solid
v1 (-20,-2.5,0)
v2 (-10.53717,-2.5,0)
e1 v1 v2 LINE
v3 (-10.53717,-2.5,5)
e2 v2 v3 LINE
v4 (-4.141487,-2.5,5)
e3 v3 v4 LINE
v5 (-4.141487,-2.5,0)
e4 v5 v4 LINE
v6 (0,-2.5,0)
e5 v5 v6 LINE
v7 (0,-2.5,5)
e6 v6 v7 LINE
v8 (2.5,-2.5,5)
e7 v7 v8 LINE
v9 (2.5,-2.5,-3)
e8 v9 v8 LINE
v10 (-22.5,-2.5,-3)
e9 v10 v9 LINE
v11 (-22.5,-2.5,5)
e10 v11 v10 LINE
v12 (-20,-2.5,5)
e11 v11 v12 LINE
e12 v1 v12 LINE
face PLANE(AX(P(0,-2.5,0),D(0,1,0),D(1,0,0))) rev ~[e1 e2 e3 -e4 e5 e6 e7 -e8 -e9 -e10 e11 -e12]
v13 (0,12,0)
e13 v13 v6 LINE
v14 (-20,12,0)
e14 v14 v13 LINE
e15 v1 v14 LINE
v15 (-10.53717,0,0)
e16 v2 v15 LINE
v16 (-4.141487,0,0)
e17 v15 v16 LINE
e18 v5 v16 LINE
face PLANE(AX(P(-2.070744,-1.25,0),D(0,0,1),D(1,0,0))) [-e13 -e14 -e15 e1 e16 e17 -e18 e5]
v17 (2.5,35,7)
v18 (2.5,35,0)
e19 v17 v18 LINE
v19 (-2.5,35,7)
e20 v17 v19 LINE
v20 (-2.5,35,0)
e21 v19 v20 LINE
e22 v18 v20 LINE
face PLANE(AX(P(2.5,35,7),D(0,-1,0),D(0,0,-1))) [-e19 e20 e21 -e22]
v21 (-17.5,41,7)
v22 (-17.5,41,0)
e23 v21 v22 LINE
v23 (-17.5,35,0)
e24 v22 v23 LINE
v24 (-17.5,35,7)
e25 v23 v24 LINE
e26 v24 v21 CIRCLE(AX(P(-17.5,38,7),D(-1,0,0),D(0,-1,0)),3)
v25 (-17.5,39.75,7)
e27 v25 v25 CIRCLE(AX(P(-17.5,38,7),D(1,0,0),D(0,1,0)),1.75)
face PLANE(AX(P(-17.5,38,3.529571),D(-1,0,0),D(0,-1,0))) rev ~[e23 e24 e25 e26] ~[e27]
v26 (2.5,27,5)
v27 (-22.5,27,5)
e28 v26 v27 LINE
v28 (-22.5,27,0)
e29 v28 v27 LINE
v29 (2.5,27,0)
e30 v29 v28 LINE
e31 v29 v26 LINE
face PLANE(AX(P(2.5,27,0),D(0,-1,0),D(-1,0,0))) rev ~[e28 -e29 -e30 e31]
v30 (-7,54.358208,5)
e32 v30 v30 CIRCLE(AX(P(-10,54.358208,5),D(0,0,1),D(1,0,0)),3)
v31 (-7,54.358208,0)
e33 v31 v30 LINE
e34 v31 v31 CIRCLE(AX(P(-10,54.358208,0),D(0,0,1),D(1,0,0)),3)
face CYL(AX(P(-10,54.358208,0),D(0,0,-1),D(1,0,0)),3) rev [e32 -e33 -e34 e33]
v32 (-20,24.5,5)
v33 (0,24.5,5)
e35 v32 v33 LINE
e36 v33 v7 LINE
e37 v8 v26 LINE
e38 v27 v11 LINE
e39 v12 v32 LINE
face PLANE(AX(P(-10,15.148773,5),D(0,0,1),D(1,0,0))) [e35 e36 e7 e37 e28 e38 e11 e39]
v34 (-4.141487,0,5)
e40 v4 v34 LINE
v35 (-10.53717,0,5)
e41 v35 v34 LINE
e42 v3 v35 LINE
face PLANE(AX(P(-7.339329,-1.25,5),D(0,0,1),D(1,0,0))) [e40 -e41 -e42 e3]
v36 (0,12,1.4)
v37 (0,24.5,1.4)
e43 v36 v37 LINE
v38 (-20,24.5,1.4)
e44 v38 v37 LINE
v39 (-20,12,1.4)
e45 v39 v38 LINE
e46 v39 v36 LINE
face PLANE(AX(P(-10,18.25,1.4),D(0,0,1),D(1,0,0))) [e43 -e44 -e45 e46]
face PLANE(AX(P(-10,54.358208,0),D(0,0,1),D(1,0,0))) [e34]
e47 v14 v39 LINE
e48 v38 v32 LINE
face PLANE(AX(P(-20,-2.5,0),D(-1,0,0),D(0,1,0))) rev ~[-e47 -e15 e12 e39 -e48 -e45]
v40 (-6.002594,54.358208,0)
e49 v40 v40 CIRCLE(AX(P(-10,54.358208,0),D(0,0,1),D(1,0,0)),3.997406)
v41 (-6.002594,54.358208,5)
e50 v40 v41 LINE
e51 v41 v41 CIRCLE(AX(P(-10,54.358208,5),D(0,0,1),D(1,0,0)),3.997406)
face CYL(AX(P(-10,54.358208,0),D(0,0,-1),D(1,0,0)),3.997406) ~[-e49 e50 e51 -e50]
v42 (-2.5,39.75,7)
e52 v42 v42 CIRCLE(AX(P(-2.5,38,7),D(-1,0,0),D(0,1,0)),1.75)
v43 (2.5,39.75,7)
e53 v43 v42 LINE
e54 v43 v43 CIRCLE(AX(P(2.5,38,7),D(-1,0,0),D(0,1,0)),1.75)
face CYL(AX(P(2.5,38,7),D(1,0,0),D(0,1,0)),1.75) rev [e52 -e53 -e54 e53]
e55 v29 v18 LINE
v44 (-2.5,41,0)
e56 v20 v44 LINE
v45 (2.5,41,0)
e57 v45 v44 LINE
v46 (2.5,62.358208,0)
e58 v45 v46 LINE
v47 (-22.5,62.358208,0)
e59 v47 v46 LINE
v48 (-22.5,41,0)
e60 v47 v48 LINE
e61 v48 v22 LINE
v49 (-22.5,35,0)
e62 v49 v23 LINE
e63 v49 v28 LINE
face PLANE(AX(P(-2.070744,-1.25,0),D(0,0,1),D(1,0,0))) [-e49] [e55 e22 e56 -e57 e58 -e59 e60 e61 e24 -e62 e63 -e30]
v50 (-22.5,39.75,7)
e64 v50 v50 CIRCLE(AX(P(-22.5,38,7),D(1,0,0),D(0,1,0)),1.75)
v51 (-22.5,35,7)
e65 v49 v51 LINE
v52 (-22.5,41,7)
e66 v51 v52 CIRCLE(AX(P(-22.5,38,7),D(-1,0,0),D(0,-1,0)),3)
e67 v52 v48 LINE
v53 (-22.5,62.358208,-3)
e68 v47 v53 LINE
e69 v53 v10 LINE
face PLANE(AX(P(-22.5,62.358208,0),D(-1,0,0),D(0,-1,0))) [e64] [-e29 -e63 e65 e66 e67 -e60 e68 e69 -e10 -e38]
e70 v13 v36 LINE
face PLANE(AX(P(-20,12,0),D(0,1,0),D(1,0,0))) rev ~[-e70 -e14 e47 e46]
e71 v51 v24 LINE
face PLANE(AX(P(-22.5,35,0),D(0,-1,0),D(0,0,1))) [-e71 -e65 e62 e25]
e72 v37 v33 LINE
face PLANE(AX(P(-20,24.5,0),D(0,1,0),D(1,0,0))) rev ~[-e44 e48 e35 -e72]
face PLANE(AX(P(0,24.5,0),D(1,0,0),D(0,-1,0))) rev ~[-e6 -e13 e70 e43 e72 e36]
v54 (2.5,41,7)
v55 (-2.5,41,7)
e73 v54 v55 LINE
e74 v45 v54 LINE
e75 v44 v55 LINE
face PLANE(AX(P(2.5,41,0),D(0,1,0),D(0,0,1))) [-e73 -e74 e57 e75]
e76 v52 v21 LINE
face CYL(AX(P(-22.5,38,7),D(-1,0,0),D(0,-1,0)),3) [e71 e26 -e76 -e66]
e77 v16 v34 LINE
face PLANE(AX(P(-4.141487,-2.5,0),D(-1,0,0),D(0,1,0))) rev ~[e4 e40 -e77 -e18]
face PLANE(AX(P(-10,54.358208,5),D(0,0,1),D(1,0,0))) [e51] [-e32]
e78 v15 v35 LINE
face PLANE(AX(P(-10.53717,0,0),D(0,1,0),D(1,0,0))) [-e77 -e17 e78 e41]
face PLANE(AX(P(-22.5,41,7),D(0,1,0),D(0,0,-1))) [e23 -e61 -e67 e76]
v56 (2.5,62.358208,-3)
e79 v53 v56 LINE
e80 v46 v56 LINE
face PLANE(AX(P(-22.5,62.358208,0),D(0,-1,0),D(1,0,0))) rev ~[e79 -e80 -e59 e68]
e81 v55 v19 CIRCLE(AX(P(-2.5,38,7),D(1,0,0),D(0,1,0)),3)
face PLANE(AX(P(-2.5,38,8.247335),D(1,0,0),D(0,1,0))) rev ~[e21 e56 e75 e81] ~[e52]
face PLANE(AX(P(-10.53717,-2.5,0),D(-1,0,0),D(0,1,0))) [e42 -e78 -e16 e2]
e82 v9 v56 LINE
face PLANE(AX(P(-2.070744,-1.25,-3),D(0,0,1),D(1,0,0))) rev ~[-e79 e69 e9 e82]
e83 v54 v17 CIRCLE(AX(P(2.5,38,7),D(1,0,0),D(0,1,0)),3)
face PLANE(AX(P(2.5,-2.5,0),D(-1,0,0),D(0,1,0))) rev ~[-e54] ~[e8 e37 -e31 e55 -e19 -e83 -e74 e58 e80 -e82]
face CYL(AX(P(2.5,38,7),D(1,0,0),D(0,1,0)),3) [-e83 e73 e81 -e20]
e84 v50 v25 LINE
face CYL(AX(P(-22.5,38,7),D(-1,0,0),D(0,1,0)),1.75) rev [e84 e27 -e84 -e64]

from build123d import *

# Parameters (mm, degrees)
F0_W      = 4.1414871812
F0_H      = 2.5
F0_W_2    = 6.3956826925
F0_W_3    = 4.0508699417
F0_W_4    = 5.4119601846
F0_W_5    = 25
F0_H_2    = 35.3582080007
F0_R      = 3.9974062239
F0_W_6    = 20
F0_H_3    = 12.5
F1_DEPTH  = 3
F2_DEPTH  = 5
F3_DEPTH  = 1.4
F0_R_2    = 3
F4_DEPTH  = 5
F5_DEPTH  = 3
F7_DEPTH  = 5
F9_DEPTH  = 5
F10_R     = 3
F11_DEPTH = 2


with BuildPart() as f1:
    # F0 (on Top) → F1 (new body)
    with BuildSketch(Plane.XY):
        with Locations((-2.0707435906, -1.25)):
            Rectangle(F0_W, F0_H)
        with Locations((-7.3393285275, -1.25)):
            Rectangle(F0_W_2, F0_H)
        with Locations((-17.9745650291, -1.25)):
            Rectangle(F0_W_3, F0_H)
        with Locations((-13.243149966, -1.25)):
            Rectangle(F0_W_4, F0_H)
        Polygon((0, 12), (0, 0), (0, -2.5), (2.5, -2.5), (2.5, 27), (-22.5, 27), (-22.5, -2.5), (-20, -2.5), (-20, 0), (-20, 12), (-20, 24.5), (0, 24.5), align=None)
        with Locations((-10, 44.6791040003)):
            Rectangle(F0_W_5, F0_H_2)
        with Locations((-10, 54.3582080007)):
            Circle(F0_R, mode=Mode.SUBTRACT)
        with Locations((-10, 18.25)):
            Rectangle(F0_W_6, F0_H_3)
        Polygon((-4.1414871812, 0), (0, 0), (0, 12), (-20, 12), (-20, 0), (-15.9491300583, 0), (-10.5371698737, 0), align=None)
    extrude(amount=-F1_DEPTH)

    # F0 (on Top) → F2 (join)
    with BuildSketch(Plane.XY):
        Polygon((0, 12), (0, 0), (0, -2.5), (2.5, -2.5), (2.5, 27), (-22.5, 27), (-22.5, -2.5), (-20, -2.5), (-20, 0), (-20, 12), (-20, 24.5), (0, 24.5), align=None)
        with Locations((-7.3393285275, -1.25)):
            Rectangle(F0_W_2, F0_H)
    extrude(amount=F2_DEPTH)

    # F0 (on Top) → F3 (join)
    with BuildSketch(Plane.XY):
        with Locations((-10, 18.25)):
            Rectangle(F0_W_6, F0_H_3)
    extrude(amount=F3_DEPTH)

    # F0 (on Top) → F4 (join)
    with BuildSketch(Plane.XY):
        with Locations((-10, 54.3582080007)):
            Circle(F0_R)
        with Locations((-10, 54.3582080007)):
            Circle(F0_R_2, mode=Mode.SUBTRACT)
    extrude(amount=F4_DEPTH)

    # F0 (on Top) → F5 (join)
    with BuildSketch(Plane.XY):
        with Locations((-10, 54.3582080007)):
            Circle(F0_R)
        with Locations((-10, 54.3582080007)):
            Circle(F0_R_2, mode=Mode.SUBTRACT)
        with Locations((-10, 54.3582080007)):
            Circle(F0_R_2)
    extrude(amount=-F5_DEPTH)

    # F6 (on face) → F7 (join)
    with BuildSketch(Plane.YZ.offset(2.5)):
        with BuildLine():
            ThreePointArc((41, 7), (38, 10), (35, 7))
            Line((35, 7), (36.25, 7))
            ThreePointArc((36.25, 7), (38, 8.75), (39.75, 7))
            Line((39.75, 7), (41, 7))
        make_face()
        with BuildLine():
            Line((35, 7), (35, 0))
            Line((35, 0), (41, 0))
            Line((41, 0), (41, 7))
            Line((41, 7), (39.75, 7))
            ThreePointArc((39.75, 7), (38, 5.25), (36.25, 7))
            Line((36.25, 7), (35, 7))
        make_face()
    extrude(amount=-F7_DEPTH)

    # F8 (on face) → F9 (join)
    with BuildSketch(Plane(origin=(-22.5, 0, 0), x_dir=(0, -1, 0), z_dir=(-1, 0, 0))):
        with BuildLine():
            Line((-41, 7), (-41, 0))
            Line((-41, 0), (-35, 0))
            Line((-35, 0), (-35, 7))
            Line((-35, 7), (-36.25, 7))
            ThreePointArc((-36.25, 7), (-38, 5.25), (-39.75, 7))
            Line((-39.75, 7), (-41, 7))
        make_face()
        with BuildLine():
            ThreePointArc((-35, 7), (-38, 10), (-41, 7))
            Line((-41, 7), (-39.75, 7))
            ThreePointArc((-39.75, 7), (-38, 8.75), (-36.25, 7))
            Line((-36.25, 7), (-35, 7))
        make_face()
    extrude(amount=-F9_DEPTH)

    # F10 (on face) → F11 (join)
    with BuildSketch(Plane(origin=(0, 0, -3), x_dir=(1, 0, 0), z_dir=(0, 0, -1))):
        with Locations((-10, -54.3582080007)):
            Circle(F10_R)
    extrude(amount=-F11_DEPTH)


solid = f1.part
